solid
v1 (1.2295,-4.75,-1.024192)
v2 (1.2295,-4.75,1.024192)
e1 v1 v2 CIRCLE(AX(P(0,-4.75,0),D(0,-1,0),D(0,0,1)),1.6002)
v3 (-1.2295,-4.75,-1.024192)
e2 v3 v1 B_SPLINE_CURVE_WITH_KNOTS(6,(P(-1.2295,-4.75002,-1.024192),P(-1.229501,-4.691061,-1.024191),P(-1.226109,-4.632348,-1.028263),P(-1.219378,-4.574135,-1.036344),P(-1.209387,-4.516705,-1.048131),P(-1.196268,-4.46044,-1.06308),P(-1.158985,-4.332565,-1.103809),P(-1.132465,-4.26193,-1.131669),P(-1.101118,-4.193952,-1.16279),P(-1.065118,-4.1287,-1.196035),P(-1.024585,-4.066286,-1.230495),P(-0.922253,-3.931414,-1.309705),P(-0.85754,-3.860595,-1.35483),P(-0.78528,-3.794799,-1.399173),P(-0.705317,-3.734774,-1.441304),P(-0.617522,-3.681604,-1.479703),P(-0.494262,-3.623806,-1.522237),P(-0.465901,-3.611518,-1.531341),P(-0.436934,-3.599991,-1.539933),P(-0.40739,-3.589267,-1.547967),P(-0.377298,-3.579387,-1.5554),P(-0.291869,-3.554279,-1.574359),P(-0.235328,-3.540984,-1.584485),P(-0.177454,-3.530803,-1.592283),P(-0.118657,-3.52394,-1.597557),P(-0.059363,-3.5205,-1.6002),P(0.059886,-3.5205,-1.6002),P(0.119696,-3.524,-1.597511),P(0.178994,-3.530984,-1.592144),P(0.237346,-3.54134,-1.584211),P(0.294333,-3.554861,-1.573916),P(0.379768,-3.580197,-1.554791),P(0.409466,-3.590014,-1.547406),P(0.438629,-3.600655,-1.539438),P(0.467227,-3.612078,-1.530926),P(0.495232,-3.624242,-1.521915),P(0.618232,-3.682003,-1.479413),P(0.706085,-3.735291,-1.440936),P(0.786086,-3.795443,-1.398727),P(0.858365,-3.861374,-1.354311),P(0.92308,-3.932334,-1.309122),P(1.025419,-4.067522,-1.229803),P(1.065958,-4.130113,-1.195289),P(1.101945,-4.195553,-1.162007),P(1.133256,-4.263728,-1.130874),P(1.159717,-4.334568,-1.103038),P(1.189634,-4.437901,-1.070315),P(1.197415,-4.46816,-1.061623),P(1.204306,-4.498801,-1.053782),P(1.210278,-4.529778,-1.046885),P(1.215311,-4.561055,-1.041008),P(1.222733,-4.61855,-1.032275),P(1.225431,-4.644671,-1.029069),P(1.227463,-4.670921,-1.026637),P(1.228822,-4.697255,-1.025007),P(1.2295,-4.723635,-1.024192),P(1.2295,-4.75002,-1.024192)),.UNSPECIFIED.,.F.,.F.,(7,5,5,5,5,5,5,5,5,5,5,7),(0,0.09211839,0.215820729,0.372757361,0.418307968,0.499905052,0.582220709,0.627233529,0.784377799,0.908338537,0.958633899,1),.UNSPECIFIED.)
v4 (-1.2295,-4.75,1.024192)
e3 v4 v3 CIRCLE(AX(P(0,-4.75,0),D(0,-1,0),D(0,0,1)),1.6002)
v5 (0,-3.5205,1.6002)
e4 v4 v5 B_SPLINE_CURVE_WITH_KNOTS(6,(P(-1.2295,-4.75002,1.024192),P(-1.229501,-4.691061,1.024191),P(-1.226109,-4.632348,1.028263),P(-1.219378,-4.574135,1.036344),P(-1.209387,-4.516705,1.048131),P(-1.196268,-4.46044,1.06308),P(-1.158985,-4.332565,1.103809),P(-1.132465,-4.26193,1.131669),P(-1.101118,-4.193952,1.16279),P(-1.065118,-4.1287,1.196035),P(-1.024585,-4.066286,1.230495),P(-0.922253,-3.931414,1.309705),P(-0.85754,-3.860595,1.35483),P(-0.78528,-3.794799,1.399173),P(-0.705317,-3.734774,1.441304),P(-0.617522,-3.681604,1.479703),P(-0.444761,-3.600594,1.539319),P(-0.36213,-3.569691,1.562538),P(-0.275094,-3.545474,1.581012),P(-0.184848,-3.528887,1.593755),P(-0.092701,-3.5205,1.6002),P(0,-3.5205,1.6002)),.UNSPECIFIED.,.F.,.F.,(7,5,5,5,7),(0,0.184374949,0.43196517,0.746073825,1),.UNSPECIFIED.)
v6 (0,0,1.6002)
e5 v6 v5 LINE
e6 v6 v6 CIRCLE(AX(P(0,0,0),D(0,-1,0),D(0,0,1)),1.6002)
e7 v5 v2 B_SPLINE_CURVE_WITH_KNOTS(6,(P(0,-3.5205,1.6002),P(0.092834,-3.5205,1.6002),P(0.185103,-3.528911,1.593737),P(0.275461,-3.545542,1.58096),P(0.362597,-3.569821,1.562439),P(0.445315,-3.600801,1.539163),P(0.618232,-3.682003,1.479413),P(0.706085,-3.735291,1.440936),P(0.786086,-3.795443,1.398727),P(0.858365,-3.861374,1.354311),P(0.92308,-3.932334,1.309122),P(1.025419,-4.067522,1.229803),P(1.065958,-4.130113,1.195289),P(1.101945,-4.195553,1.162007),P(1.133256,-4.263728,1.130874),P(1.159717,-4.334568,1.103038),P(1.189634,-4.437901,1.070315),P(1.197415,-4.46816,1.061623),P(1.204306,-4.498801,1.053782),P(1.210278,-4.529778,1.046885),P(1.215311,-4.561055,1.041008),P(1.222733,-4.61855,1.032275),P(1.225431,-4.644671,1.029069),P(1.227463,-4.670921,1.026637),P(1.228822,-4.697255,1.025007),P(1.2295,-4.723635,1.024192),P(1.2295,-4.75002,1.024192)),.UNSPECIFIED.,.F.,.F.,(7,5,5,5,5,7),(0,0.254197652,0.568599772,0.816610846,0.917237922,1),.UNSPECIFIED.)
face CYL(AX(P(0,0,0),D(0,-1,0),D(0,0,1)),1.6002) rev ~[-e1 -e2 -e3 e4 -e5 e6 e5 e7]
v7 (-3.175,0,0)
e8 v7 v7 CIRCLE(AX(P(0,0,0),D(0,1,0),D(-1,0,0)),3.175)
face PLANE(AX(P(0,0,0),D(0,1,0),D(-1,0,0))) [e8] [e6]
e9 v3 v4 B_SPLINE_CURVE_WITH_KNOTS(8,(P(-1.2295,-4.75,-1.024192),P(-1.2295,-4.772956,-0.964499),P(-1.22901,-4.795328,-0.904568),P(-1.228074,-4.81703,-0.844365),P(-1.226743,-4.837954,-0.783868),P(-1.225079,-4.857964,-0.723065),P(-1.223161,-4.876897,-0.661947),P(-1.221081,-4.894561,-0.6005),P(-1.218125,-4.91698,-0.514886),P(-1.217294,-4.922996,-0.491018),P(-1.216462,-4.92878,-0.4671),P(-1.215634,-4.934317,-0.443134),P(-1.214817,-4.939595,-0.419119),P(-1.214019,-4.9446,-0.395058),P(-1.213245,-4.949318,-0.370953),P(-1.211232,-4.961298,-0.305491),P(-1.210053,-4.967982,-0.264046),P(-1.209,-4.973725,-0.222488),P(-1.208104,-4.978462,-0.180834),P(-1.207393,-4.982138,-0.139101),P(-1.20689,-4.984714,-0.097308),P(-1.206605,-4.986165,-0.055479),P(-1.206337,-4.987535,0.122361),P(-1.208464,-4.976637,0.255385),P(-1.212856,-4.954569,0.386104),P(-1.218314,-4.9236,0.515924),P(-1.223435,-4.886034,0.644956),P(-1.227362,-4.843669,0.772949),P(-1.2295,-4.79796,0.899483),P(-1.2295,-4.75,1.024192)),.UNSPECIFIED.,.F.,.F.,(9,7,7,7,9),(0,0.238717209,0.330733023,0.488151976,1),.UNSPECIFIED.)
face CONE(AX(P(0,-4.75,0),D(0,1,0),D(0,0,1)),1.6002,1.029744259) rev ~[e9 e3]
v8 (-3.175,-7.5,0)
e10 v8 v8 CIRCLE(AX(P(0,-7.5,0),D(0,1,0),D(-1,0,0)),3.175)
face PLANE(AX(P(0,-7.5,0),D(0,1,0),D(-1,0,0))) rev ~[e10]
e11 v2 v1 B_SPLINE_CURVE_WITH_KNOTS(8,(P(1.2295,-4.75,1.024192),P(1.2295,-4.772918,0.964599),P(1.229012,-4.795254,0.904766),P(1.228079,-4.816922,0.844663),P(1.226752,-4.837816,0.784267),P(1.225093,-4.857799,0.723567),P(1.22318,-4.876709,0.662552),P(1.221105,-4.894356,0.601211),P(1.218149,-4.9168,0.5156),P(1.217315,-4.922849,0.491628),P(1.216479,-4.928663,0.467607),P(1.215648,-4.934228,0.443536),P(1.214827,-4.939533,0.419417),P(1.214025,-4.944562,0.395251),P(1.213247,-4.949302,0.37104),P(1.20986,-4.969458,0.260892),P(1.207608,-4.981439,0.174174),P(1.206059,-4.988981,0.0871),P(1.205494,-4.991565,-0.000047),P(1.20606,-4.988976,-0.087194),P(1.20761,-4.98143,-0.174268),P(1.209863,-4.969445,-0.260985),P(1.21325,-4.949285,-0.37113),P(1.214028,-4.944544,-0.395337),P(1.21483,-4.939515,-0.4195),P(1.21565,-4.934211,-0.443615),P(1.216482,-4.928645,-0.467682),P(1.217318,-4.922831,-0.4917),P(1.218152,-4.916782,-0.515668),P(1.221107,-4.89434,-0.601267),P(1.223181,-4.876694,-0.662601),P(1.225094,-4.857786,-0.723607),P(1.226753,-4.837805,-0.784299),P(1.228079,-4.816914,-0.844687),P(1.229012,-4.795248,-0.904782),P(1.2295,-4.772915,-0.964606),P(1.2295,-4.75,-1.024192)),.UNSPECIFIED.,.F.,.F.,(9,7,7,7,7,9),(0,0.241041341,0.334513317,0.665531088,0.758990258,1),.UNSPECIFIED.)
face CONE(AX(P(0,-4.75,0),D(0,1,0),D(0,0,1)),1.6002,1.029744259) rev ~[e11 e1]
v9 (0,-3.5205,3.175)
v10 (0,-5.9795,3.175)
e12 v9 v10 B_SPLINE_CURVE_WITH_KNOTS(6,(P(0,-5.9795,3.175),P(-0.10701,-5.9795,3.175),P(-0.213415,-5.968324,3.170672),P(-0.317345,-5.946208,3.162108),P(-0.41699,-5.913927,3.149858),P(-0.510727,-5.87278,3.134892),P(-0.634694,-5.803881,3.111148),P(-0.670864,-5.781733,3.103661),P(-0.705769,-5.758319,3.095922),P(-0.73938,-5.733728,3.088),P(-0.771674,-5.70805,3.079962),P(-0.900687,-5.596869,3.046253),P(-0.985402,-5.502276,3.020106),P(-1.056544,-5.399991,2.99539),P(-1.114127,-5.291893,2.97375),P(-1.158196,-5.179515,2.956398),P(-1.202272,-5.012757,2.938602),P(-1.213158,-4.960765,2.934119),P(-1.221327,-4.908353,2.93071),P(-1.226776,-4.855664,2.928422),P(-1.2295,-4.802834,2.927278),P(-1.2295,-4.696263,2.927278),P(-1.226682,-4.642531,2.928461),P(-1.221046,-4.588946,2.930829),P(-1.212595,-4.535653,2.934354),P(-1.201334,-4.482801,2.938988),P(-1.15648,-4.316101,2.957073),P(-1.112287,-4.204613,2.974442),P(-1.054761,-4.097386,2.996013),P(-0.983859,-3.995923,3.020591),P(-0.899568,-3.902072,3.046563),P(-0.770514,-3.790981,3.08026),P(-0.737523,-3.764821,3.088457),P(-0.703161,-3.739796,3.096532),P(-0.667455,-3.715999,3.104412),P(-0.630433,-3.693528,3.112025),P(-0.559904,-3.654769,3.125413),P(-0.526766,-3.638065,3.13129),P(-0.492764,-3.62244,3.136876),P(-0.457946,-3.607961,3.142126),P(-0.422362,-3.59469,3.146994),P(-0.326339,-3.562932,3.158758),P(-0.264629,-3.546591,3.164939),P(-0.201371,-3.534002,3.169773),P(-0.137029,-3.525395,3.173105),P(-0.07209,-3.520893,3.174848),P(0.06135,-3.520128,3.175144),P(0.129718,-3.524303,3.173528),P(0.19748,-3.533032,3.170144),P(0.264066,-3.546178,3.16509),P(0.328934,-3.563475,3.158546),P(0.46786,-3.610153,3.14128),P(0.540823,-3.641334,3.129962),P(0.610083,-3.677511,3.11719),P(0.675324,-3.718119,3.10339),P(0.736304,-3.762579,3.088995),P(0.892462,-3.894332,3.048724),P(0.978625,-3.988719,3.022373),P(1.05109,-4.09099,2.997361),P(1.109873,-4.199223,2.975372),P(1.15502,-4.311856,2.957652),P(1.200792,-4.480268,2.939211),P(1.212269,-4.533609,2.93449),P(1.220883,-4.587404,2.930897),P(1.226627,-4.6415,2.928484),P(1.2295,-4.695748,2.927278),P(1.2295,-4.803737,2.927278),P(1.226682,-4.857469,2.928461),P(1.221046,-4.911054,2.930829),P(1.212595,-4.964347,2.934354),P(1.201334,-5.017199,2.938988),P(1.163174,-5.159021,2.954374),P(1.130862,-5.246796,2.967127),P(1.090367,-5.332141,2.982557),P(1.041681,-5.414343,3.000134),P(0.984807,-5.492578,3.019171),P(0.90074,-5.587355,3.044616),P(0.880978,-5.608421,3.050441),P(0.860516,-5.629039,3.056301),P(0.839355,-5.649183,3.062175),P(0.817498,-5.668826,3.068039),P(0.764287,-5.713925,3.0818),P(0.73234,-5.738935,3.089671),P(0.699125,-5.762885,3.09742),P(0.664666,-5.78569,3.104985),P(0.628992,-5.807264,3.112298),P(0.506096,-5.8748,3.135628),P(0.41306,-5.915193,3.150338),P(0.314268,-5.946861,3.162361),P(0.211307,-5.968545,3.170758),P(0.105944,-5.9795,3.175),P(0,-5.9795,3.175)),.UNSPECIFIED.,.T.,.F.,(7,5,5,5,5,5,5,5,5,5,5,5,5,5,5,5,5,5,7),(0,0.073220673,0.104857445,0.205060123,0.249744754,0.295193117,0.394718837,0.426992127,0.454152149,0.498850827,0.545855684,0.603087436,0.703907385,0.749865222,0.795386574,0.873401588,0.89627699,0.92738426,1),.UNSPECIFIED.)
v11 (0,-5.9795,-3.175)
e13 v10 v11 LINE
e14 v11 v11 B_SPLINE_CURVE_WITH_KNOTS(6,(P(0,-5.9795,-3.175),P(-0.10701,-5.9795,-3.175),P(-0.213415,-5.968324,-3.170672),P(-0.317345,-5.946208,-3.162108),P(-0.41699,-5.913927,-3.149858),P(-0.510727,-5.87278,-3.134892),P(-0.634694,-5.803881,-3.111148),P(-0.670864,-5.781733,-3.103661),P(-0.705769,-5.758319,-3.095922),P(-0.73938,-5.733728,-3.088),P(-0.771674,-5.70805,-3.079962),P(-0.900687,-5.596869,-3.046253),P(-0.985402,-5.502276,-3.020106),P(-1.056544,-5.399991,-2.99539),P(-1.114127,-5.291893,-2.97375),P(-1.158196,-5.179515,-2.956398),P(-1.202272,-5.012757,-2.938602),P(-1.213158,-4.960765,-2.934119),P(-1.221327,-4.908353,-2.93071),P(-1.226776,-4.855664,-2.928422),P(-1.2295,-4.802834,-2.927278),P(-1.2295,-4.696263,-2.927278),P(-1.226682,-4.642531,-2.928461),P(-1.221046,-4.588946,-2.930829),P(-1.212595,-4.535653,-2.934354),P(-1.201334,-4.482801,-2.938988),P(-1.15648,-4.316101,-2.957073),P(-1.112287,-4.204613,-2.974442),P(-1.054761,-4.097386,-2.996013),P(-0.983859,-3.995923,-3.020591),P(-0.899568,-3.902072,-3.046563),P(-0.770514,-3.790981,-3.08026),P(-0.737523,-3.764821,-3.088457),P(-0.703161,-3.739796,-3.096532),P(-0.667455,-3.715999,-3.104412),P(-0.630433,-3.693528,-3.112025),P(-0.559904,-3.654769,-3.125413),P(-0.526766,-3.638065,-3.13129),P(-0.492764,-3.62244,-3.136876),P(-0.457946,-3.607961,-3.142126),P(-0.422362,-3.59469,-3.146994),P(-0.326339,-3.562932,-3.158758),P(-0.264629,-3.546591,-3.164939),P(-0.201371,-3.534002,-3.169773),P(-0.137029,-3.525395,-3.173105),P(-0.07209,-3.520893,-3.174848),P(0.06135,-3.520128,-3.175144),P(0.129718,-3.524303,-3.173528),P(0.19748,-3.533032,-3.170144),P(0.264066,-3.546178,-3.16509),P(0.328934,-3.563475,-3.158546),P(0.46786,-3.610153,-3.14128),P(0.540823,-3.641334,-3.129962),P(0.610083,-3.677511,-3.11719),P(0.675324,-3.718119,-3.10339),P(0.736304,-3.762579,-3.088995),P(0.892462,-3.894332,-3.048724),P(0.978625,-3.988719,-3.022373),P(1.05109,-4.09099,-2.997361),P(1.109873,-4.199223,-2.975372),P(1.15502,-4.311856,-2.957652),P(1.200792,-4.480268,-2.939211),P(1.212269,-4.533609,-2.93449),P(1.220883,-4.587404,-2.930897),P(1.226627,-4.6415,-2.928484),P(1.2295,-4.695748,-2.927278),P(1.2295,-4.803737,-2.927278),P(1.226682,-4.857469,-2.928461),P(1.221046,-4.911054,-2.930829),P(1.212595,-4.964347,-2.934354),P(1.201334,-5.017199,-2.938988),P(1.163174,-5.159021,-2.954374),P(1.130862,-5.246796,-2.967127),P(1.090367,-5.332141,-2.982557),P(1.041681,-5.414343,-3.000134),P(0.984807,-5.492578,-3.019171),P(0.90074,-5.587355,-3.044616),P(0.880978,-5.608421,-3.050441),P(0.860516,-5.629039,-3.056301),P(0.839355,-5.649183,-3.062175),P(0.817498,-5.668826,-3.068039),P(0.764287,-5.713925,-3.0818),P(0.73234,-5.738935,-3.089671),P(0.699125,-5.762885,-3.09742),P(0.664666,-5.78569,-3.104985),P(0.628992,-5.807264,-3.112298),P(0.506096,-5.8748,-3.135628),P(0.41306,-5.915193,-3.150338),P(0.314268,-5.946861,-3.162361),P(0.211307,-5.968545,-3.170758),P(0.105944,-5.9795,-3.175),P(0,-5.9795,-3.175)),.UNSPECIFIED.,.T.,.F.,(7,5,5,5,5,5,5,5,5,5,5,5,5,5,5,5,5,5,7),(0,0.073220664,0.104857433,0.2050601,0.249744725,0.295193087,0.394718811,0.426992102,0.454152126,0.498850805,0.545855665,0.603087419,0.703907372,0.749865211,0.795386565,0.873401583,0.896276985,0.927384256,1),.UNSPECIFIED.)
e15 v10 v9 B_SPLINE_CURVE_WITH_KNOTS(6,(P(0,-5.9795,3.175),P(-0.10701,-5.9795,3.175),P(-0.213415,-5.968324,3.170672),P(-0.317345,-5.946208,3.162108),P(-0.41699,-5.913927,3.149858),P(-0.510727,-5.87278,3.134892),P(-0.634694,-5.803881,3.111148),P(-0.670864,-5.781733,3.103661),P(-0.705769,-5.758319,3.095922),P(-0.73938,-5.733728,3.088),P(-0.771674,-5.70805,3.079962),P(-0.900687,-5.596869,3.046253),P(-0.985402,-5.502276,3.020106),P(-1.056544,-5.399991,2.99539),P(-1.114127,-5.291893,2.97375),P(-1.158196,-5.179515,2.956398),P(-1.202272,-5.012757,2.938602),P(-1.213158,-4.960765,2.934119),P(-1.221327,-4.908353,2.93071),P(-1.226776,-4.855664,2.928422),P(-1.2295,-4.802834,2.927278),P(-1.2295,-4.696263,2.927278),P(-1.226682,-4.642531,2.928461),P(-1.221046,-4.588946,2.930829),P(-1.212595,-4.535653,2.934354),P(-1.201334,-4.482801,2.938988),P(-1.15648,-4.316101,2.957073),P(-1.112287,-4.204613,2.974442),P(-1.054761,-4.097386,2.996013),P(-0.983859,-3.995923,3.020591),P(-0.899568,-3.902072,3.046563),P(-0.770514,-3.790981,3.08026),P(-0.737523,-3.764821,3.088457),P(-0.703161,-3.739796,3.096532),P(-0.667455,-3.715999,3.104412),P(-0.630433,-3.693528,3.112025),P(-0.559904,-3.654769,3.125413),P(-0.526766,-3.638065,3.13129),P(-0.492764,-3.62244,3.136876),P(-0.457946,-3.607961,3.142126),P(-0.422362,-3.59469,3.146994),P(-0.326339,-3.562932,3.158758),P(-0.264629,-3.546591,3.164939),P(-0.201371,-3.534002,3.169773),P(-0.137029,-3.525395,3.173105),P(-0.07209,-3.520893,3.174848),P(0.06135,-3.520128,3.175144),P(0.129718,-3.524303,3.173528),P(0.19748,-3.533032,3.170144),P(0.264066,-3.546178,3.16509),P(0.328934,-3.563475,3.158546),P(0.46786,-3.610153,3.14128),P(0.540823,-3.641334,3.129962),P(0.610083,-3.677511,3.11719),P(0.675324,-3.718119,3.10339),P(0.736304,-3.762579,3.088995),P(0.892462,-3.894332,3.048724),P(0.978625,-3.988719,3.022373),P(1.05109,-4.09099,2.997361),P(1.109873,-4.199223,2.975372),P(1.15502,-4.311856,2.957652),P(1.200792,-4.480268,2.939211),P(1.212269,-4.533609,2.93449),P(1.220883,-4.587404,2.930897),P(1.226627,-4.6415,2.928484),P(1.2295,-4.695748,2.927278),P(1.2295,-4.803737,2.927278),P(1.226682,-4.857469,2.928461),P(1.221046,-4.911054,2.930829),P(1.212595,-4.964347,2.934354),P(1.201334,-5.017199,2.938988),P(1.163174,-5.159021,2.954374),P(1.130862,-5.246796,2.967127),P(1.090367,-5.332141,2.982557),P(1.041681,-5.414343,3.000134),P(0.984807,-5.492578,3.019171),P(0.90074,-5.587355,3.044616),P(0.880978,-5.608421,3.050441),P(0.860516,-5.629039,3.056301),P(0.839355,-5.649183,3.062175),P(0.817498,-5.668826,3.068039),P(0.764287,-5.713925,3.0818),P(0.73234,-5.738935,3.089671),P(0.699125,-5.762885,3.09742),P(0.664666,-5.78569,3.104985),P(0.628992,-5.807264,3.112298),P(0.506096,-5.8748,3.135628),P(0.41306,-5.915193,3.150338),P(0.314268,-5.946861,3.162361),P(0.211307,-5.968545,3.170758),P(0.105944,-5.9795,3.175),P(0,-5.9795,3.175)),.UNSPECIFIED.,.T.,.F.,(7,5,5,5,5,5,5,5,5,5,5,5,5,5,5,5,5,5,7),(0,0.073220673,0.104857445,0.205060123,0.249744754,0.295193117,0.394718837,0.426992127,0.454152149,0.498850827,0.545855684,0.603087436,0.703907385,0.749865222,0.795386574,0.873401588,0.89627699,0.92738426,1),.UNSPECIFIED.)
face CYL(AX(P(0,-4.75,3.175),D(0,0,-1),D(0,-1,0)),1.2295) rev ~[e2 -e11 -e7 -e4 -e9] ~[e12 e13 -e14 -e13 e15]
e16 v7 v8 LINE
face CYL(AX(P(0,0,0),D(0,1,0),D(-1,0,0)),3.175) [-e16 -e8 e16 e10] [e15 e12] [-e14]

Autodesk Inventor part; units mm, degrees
ref_plane "YZ Plane" through (0, 0, 0) normal (1, 0, 0) x (0, 1, 0)
ref_plane "XZ Plane" through (0, 0, 0) normal (0, 1, 0) x (-1, 0, 0)
sketch "Sketch1" plane through (0, 0, 0) normal (0, 1, 0) x (-1, 0, 0)
  circle A0 centre (0, 0) radius 3.175
  circle A1 centre (0, 0) radius 1.5
  dimension "d0" = 6.35
  dimension "d1" = 3
extrude "Extrusion1" add sketch "Sketch1" against normal blind 7.5 contours A0 | A1
ref_plane "Work Plane1" through (0, 0, 3.175) normal (0, 0, 1) x (1, 0, 0)
sketch "Sketch2" plane through (0, 0, 3.175) normal (0, 0, 1) x (1, 0, 0)
  line L0 (-3.175, -7.5) -> (3.175, -7.5) projected
  line L1 (3.175, 0) -> (-3.175, 0) projected
  line L2 (-3.175, 0) -> (-3.175, -7.5) projected
  line L3 (-3.175, -2) -> (3.175, -2) construction
  circle A0 centre (0, -4.75) radius 1.5
  dimension "d11" = 2
  dimension "d12" = 3
  dimension "d13" = 2.75
  dimension "d14" = 3.175
hole "Threaded Hole" at (0, -4.75, 3.175) direction (0, 0, -1) diameter 2.459 end through all thread size "M3x0.5" class "6H" standard "ANSI Metric M Profile"
hole "Pin Bearing Hole" at (0, 0, 0) direction (0, -1, 0) diameter 3.2004 depth 4.75 tip angle 118 clearance for "Socket Head Cap Screw" size "M3" standard "Ansi Metric M Profile"
equation "\"d9\" = d11 + d13"
properties part number "Bearing Nut" material "Steel, Alloy"
